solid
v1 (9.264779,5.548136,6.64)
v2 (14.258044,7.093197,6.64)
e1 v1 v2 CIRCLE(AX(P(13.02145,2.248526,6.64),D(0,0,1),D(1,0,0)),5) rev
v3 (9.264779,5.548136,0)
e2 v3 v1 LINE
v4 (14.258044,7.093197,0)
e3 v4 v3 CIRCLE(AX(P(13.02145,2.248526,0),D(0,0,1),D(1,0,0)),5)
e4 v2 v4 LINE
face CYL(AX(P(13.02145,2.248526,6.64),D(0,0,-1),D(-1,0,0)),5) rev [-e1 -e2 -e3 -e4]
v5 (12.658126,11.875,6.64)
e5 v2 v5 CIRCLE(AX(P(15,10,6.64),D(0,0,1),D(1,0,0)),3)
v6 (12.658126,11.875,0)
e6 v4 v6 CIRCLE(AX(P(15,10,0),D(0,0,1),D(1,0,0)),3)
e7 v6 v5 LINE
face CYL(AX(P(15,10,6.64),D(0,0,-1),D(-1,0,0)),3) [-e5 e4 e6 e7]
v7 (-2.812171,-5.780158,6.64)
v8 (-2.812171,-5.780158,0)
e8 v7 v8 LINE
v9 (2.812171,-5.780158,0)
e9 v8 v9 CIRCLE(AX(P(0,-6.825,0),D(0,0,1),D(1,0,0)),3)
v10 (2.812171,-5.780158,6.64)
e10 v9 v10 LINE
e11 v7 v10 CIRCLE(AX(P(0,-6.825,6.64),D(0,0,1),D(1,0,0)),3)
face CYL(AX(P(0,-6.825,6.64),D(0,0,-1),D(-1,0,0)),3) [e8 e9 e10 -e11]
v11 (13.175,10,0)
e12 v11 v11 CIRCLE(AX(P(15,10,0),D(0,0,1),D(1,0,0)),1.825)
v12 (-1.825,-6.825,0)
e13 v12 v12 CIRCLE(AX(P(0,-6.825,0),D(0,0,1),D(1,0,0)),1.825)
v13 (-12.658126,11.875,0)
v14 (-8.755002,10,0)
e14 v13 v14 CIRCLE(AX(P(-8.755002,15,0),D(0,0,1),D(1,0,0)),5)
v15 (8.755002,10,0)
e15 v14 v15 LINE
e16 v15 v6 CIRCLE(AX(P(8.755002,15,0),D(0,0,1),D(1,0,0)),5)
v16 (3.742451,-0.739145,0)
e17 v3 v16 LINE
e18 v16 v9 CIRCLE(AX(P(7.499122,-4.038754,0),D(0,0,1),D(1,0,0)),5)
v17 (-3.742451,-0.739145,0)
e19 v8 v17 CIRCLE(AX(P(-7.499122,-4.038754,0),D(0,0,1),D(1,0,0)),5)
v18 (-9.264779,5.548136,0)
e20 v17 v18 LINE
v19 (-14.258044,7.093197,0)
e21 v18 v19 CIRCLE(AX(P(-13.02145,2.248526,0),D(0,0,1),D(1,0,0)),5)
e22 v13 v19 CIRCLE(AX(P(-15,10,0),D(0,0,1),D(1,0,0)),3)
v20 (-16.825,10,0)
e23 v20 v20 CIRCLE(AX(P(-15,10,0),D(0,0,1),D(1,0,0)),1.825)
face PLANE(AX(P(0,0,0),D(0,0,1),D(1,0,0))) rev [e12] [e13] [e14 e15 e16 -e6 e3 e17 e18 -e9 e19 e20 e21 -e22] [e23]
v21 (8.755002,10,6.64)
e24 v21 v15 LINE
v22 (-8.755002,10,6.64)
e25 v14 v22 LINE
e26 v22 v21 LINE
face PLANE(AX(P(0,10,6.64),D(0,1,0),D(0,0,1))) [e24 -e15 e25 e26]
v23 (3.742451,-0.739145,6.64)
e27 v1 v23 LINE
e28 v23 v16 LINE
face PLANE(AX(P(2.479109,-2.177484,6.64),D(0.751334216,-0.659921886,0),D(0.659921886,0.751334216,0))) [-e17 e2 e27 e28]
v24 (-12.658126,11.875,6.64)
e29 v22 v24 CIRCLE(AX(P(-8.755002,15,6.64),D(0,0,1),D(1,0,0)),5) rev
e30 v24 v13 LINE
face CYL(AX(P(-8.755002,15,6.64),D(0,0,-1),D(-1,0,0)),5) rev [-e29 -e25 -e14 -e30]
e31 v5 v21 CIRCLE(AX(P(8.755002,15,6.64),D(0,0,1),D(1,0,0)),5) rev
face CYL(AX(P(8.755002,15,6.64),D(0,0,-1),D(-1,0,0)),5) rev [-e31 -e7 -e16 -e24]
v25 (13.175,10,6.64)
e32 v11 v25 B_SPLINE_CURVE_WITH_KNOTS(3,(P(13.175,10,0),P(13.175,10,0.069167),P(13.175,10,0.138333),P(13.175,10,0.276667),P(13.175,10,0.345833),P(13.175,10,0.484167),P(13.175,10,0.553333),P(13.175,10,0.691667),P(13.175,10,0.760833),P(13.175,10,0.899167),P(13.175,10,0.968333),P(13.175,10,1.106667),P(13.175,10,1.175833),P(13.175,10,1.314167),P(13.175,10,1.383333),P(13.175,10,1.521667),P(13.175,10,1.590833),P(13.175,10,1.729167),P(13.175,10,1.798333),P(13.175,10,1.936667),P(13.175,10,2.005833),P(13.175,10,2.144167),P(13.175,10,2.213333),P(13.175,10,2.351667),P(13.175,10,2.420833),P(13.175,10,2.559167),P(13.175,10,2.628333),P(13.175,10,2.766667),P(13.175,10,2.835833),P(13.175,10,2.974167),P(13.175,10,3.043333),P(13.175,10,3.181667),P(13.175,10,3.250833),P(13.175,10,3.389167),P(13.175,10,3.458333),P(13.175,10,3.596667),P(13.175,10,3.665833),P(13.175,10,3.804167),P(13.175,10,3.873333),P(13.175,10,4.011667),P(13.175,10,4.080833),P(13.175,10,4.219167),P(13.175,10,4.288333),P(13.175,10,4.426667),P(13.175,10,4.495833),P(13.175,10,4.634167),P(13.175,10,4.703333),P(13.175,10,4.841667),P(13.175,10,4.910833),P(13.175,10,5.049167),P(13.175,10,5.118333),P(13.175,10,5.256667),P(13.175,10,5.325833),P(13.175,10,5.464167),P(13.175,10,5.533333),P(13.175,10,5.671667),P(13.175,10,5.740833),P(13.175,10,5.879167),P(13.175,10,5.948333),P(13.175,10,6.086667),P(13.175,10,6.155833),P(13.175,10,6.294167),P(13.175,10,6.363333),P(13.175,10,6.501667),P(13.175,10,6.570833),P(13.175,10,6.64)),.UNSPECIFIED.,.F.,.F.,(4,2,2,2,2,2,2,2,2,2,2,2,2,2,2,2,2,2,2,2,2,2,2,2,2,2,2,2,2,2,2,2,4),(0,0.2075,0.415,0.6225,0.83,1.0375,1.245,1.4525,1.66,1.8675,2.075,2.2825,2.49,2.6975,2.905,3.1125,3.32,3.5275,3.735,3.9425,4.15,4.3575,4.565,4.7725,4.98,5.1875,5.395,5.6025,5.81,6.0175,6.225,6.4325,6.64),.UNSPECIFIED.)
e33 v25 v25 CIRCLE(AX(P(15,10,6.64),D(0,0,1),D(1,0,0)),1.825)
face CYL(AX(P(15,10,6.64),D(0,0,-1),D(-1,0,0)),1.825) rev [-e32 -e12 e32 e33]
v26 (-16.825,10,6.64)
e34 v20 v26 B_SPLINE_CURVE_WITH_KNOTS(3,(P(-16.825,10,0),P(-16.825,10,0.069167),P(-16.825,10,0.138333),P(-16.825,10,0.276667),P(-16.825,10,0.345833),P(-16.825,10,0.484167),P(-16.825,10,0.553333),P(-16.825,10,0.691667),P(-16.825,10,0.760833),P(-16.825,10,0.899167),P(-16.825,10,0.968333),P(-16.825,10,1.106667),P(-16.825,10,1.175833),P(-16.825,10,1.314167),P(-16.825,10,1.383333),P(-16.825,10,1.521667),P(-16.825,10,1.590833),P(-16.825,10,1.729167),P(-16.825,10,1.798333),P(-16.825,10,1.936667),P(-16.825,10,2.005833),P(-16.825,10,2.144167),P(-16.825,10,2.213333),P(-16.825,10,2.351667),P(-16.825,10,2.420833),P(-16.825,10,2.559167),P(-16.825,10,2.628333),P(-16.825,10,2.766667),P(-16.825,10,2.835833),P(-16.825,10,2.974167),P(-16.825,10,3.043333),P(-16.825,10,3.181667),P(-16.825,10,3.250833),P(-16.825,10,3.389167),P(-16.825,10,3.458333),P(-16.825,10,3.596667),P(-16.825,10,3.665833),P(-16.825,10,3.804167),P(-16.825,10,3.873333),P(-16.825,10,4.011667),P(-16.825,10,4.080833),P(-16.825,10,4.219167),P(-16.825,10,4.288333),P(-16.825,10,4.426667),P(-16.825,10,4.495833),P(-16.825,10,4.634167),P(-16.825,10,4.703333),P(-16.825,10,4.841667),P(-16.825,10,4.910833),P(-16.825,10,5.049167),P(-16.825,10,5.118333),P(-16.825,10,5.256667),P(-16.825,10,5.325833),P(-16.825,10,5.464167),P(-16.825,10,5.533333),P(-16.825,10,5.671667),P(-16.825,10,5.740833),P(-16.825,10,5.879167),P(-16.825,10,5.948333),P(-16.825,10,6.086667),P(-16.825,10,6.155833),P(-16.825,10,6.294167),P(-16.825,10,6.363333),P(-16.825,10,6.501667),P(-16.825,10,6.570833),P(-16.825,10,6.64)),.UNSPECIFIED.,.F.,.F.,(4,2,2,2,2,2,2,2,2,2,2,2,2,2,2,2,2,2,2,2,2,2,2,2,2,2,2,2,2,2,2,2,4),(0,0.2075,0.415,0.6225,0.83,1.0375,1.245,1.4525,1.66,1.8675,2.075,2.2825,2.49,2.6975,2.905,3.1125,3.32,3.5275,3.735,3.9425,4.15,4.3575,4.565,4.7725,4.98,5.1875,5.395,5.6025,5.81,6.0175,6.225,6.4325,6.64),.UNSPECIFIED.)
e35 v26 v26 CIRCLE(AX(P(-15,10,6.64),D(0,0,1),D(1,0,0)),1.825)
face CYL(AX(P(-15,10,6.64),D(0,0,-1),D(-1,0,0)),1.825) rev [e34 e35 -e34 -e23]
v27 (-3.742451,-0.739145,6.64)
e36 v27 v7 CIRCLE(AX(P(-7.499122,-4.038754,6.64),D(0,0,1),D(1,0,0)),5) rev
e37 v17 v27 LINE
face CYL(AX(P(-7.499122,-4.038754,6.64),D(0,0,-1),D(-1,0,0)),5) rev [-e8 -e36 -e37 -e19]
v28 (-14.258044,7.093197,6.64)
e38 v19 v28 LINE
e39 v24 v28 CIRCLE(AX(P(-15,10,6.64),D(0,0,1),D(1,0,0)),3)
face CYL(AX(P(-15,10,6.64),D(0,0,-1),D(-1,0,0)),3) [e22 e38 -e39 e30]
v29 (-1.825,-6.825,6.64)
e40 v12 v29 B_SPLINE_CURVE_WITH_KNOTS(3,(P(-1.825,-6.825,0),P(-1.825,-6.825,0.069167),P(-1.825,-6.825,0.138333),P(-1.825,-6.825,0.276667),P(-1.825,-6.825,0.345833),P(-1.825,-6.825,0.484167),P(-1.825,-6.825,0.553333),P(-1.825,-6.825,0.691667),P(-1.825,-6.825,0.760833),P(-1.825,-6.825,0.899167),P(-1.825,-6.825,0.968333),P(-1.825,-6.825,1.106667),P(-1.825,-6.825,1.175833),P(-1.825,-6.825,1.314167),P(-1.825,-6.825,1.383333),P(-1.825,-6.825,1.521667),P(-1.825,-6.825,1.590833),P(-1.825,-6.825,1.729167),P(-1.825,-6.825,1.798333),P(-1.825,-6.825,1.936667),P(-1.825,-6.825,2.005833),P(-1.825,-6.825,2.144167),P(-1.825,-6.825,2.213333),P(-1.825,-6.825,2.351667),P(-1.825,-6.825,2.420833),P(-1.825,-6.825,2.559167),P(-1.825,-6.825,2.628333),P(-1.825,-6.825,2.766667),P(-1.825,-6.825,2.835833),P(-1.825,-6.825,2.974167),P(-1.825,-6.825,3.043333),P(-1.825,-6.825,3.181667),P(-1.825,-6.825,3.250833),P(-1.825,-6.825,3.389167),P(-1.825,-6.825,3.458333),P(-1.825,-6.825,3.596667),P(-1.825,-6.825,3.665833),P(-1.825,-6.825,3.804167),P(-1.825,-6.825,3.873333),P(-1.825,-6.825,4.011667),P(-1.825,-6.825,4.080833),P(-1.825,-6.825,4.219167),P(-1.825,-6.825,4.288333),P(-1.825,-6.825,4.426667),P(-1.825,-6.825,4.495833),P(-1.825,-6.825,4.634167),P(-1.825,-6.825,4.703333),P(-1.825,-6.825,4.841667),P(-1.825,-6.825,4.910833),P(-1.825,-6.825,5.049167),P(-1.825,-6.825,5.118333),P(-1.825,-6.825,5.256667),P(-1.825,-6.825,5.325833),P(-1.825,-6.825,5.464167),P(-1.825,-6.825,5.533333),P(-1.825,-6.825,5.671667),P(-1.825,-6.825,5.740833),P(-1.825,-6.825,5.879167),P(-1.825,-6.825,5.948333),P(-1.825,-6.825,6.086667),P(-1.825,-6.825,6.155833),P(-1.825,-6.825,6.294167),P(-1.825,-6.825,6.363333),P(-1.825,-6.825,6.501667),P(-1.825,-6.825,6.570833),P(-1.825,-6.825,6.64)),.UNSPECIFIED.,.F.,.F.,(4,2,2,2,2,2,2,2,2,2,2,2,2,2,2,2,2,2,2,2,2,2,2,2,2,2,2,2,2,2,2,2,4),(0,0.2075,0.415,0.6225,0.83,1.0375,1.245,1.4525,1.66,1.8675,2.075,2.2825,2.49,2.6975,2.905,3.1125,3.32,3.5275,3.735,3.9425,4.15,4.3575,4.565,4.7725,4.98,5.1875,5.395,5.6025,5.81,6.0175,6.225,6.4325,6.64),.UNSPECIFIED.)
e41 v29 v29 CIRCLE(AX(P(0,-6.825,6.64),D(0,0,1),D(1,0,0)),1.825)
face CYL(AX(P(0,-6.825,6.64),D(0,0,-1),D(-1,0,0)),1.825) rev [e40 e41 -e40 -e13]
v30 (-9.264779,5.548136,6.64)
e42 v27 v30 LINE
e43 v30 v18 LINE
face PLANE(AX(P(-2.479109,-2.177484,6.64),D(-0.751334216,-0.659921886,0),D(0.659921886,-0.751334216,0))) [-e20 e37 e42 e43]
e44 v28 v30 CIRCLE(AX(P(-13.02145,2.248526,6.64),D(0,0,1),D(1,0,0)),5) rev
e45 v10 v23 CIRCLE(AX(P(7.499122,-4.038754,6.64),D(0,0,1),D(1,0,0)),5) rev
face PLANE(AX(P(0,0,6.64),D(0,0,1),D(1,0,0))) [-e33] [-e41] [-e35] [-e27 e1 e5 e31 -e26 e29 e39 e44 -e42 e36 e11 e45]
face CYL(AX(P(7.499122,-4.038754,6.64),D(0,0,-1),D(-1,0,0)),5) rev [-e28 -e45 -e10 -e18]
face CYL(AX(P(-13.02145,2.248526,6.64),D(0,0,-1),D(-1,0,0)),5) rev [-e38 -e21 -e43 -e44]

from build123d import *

# Parameters (mm, degrees)
ESQUISSE2_R        = 3
ESQUISSE2_R_2      = 1.825
BOSS_EXTRU_1_DEPTH = 6.64
CONG_1_R           = 5


with BuildPart() as part:
    # Esquisse2 → Boss.-Extru.1 (new body)
    # profile 1 of 4: a face of its own
    with BuildSketch(Plane.XY):
        with Locations((-15, 10)):
            Circle(ESQUISSE2_R)
        with Locations(Location((-15, 10, 0), (0, 0, 180))):
            Circle(ESQUISSE2_R_2, mode=Mode.SUBTRACT)
    # profile 2 of 4: a face of its own
    with BuildSketch(Plane.XY):
        with Locations((15, 10)):
            Circle(ESQUISSE2_R)
        with Locations(Location((15, 10, 0), (0, 0, 180))):
            Circle(ESQUISSE2_R_2, mode=Mode.SUBTRACT)
    # profile 3 of 4: a face of its own
    with BuildSketch(Plane.XY):
        with Locations((0, -6.825)):
            Circle(ESQUISSE2_R)
        with Locations(Location((0, -6.825, 0), (0, 0, 180))):
            Circle(ESQUISSE2_R_2, mode=Mode.SUBTRACT)
    # profile 4 of 4: a face of its own
    with BuildSketch(Plane.XY):
        Polygon((-13.175, 10), (13.175, 10), (0, -5), align=None)
    extrude(amount=BOSS_EXTRU_1_DEPTH)

    # Congé1
    cong_1_edges = [part.edges().sort_by_distance(p)[0] for p in [
        (-12.208908932, 8.900086071, 3.32),
        (-12, 10, 3.32),
        (12, 10, 3.32),
        (12.208908932, 8.900086071, 3.32),
        (0.908352526, -3.965822551, 3.32),
        (-0.908352526, -3.965822551, 3.32),
    ]]
    fillet(cong_1_edges, radius=CONG_1_R)


solid = part.part
